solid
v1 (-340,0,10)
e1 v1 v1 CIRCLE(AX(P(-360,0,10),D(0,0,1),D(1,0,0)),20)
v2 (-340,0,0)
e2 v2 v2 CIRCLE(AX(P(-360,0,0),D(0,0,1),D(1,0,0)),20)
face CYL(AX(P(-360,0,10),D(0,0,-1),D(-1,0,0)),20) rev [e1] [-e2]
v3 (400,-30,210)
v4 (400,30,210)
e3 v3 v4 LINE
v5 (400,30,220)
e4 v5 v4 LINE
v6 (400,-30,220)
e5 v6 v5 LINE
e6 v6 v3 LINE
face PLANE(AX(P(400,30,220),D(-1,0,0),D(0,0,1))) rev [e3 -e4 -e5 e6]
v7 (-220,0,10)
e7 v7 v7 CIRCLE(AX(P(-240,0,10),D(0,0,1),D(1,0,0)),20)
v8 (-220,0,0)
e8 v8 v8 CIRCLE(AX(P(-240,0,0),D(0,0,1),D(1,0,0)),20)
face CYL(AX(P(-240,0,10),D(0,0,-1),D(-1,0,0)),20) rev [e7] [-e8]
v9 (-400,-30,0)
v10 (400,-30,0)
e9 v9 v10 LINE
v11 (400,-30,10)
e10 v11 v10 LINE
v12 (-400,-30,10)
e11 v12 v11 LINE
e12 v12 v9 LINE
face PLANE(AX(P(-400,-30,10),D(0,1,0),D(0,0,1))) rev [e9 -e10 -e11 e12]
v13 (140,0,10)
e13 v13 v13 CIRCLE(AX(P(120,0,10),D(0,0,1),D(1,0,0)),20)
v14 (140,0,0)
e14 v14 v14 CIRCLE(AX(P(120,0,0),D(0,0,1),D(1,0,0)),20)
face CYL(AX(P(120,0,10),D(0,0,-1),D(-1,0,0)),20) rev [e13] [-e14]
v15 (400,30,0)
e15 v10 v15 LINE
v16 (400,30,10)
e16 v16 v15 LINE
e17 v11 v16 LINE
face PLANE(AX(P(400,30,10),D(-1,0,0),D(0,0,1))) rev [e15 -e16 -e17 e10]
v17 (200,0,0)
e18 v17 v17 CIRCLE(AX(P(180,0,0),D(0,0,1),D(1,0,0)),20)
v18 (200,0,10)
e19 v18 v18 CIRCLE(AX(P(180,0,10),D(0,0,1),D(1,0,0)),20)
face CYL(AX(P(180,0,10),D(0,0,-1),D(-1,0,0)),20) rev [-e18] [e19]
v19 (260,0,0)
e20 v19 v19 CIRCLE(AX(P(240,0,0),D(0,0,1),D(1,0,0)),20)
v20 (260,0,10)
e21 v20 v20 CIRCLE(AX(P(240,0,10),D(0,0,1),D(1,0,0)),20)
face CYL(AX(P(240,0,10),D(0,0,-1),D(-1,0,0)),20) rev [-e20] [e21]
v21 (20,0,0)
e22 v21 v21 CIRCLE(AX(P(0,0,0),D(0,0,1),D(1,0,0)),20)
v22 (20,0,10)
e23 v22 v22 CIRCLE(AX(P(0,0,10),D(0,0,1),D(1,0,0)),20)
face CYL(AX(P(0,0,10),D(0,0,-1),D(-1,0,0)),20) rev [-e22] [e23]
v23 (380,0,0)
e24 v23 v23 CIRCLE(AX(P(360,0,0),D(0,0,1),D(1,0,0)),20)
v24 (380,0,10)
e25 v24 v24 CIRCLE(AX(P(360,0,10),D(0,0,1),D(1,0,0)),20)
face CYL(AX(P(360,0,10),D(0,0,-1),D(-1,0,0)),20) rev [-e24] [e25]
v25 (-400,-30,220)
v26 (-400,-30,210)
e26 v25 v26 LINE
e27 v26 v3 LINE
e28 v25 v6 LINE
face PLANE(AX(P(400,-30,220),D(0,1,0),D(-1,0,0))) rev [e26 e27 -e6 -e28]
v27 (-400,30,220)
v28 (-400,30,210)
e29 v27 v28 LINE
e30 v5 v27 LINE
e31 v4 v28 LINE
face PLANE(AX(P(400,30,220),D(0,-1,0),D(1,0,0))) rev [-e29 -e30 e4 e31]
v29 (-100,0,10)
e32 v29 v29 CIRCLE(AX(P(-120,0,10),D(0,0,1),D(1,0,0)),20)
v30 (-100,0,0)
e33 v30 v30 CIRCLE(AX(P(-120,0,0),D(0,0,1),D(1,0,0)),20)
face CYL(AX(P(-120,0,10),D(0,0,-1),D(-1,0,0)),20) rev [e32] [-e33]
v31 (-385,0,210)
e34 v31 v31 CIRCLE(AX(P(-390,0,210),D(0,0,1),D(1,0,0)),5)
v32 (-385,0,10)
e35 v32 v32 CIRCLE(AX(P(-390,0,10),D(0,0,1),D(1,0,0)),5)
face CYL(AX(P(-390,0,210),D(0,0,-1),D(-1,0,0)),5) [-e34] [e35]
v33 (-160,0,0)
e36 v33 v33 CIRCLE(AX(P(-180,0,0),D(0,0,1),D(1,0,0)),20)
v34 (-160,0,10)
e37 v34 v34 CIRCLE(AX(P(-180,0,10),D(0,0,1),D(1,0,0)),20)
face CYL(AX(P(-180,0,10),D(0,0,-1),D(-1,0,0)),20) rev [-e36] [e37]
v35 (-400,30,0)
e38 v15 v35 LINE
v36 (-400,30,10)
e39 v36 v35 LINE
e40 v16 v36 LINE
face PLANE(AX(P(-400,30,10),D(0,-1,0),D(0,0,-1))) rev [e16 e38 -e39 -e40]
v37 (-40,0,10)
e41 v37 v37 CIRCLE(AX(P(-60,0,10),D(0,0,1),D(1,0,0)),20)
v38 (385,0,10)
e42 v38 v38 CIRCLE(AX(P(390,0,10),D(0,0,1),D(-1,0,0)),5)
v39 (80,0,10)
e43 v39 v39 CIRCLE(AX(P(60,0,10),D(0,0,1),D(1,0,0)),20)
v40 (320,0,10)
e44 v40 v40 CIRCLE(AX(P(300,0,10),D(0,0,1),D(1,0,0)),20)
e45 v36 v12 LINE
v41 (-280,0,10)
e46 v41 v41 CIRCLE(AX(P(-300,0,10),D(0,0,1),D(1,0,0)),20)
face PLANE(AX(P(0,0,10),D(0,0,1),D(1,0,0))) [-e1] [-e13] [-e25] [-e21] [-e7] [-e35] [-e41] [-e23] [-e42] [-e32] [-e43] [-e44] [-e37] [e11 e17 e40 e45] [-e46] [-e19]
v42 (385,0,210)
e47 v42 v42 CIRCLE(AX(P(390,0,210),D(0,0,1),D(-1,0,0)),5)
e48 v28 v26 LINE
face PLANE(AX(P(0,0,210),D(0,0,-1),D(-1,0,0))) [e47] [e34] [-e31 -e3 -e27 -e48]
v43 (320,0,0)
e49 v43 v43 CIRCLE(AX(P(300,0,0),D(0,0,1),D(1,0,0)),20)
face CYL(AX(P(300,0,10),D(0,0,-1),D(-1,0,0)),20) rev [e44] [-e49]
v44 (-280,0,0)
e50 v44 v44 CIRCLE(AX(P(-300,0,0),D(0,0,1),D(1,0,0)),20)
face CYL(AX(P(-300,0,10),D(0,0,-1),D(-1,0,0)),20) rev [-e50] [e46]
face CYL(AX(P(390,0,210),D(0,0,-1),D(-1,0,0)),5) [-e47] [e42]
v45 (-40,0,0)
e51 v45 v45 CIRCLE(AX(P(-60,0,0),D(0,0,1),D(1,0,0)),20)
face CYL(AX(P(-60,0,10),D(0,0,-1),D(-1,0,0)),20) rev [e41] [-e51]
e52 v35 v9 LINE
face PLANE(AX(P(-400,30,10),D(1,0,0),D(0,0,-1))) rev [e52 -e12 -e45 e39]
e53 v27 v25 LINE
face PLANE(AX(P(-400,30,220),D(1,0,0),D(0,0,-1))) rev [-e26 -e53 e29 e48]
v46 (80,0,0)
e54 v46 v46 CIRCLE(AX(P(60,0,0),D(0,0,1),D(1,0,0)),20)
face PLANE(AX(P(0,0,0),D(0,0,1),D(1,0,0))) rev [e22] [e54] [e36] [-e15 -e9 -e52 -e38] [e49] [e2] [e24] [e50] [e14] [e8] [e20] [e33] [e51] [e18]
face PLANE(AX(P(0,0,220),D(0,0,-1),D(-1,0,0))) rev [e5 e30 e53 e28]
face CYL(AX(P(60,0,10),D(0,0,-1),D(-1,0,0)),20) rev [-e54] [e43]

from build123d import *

# Parameters (mm, degrees)
SKETCH1_W                  = 800
SKETCH1_H                  = 60
BOSS_EXTRUDE1_DEPTH        = 10
SKETCH2_R                  = 20
CUT_EXTRUDE6_DEPTH         = 10
LPATTERN1_COUNT            = 7
LPATTERN1_PITCH            = 60
LPATTERN2_COPY_1_SKETCH_R  = 20
LPATTERN2_COPY_1_DEPTH     = 10
LPATTERN2_COPY_2_SKETCH_R  = 20
LPATTERN2_COPY_2_DEPTH     = 10
LPATTERN2_COPY_3_SKETCH_R  = 20
LPATTERN2_COPY_3_DEPTH     = 10
LPATTERN2_COPY_4_SKETCH_R  = 20
LPATTERN2_COPY_4_DEPTH     = 10
LPATTERN2_COPY_5_SKETCH_R  = 20
LPATTERN2_COPY_5_DEPTH     = 10
LPATTERN2_COPY_6_SKETCH_R  = 20
LPATTERN2_COPY_6_DEPTH     = 10
LPATTERN2_COPY_7_SKETCH_R  = 20
LPATTERN2_COPY_7_DEPTH     = 10
LPATTERN2_COPY_8_SKETCH_R  = 20
LPATTERN2_COPY_8_DEPTH     = 10
LPATTERN2_COPY_9_SKETCH_R  = 20
LPATTERN2_COPY_9_DEPTH     = 10
LPATTERN2_COPY_10_SKETCH_R = 20
LPATTERN2_COPY_10_DEPTH    = 10
LPATTERN2_COPY_11_SKETCH_R = 20
LPATTERN2_COPY_11_DEPTH    = 10
LPATTERN2_COPY_12_SKETCH_R = 20
LPATTERN2_COPY_12_DEPTH    = 10
LPATTERN2_COPY_13_SKETCH_R = 20
LPATTERN2_COPY_13_DEPTH    = 10
LPATTERN2_COPY_14_SKETCH_R = 20
LPATTERN2_COPY_14_DEPTH    = 10
LPATTERN2_COPY_15_SKETCH_R = 20
LPATTERN2_COPY_15_DEPTH    = 10
LPATTERN2_COPY_16_SKETCH_R = 20
LPATTERN2_COPY_16_DEPTH    = 10
LPATTERN2_COPY_17_SKETCH_R = 20
LPATTERN2_COPY_17_DEPTH    = 10
LPATTERN2_COPY_18_SKETCH_R = 20
LPATTERN2_COPY_18_DEPTH    = 10
LPATTERN2_COPY_19_SKETCH_R = 20
LPATTERN2_COPY_19_DEPTH    = 10
LPATTERN2_COPY_20_SKETCH_R = 20
LPATTERN2_COPY_20_DEPTH    = 10
LPATTERN2_COPY_21_SKETCH_R = 20
LPATTERN2_COPY_21_DEPTH    = 10
LPATTERN2_COPY_22_SKETCH_R = 20
LPATTERN2_COPY_22_DEPTH    = 10
LPATTERN2_COPY_23_SKETCH_R = 20
LPATTERN2_COPY_23_DEPTH    = 10
LPATTERN2_COPY_24_SKETCH_R = 20
LPATTERN2_COPY_24_DEPTH    = 10
LPATTERN2_COPY_25_SKETCH_R = 20
LPATTERN2_COPY_25_DEPTH    = 10
LPATTERN2_COPY_26_SKETCH_R = 20
LPATTERN2_COPY_26_DEPTH    = 10
LPATTERN2_COPY_27_SKETCH_R = 20
LPATTERN2_COPY_27_DEPTH    = 10
LPATTERN2_COPY_28_SKETCH_R = 20
LPATTERN2_COPY_28_DEPTH    = 10
LPATTERN2_COPY_29_SKETCH_R = 20
LPATTERN2_COPY_29_DEPTH    = 10
LPATTERN2_COPY_30_SKETCH_R = 20
LPATTERN2_COPY_30_DEPTH    = 10
LPATTERN2_COPY_31_SKETCH_R = 20
LPATTERN2_COPY_31_DEPTH    = 10
LPATTERN2_COPY_32_SKETCH_R = 20
LPATTERN2_COPY_32_DEPTH    = 10
LPATTERN2_COPY_33_SKETCH_R = 20
LPATTERN2_COPY_33_DEPTH    = 10
LPATTERN2_COPY_34_SKETCH_R = 20
LPATTERN2_COPY_34_DEPTH    = 10
LPATTERN2_COPY_35_SKETCH_R = 20
LPATTERN2_COPY_35_DEPTH    = 10
LPATTERN2_COPY_36_SKETCH_R = 20
LPATTERN2_COPY_36_DEPTH    = 10
LPATTERN2_COPY_37_SKETCH_R = 20
LPATTERN2_COPY_37_DEPTH    = 10
LPATTERN2_COPY_38_SKETCH_R = 20
LPATTERN2_COPY_38_DEPTH    = 10
LPATTERN2_COPY_39_SKETCH_R = 20
LPATTERN2_COPY_39_DEPTH    = 10
LPATTERN2_COPY_40_SKETCH_R = 20
LPATTERN2_COPY_40_DEPTH    = 10
LPATTERN2_COPY_41_SKETCH_R = 20
LPATTERN2_COPY_41_DEPTH    = 10
LPATTERN2_COPY_42_SKETCH_R = 20
LPATTERN2_COPY_42_DEPTH    = 10
SKETCH3_R                  = 5
BOSS_EXTRUDE2_DEPTH        = 200
SKETCH4_W                  = 800
SKETCH4_H                  = 60
BOSS_EXTRUDE3_DEPTH        = 10


with BuildPart() as part:
    # Sketch1 → Boss-Extrude1 (new body)
    with BuildSketch(Plane.XY):
        Rectangle(SKETCH1_W, SKETCH1_H)
    extrude(amount=BOSS_EXTRUDE1_DEPTH)

    # Sketch2 → Cut-Extrude6 (cut)
    with BuildSketch(Plane.XY):
        Circle(SKETCH2_R)
    cut_extrude6 = extrude(amount=CUT_EXTRUDE6_DEPTH, mode=Mode.SUBTRACT)

    # LPattern1: Cut-Extrude6 ×7
    with Locations(*[(i * LPATTERN1_PITCH, 0, 0) for i in range(1, LPATTERN1_COUNT)]):
        add(cut_extrude6, mode=Mode.SUBTRACT)

    # LPattern2 copy 1 sketch → LPattern2 copy 1 (cut)
    with BuildSketch(Plane.XY):
        Circle(LPATTERN2_COPY_1_SKETCH_R)
    extrude(amount=LPATTERN2_COPY_1_DEPTH, mode=Mode.SUBTRACT)

    # LPattern2 copy 2 sketch → LPattern2 copy 2 (cut)
    with BuildSketch(Plane(origin=(-60, 0, 0), x_dir=(1, 0, 0), z_dir=(0, 0, 1))):
        Circle(LPATTERN2_COPY_2_SKETCH_R)
    extrude(amount=LPATTERN2_COPY_2_DEPTH, mode=Mode.SUBTRACT)

    # LPattern2 copy 3 sketch → LPattern2 copy 3 (cut)
    with BuildSketch(Plane(origin=(-120, 0, 0), x_dir=(1, 0, 0), z_dir=(0, 0, 1))):
        Circle(LPATTERN2_COPY_3_SKETCH_R)
    extrude(amount=LPATTERN2_COPY_3_DEPTH, mode=Mode.SUBTRACT)

    # LPattern2 copy 4 sketch → LPattern2 copy 4 (cut)
    with BuildSketch(Plane(origin=(-180, 0, 0), x_dir=(1, 0, 0), z_dir=(0, 0, 1))):
        Circle(LPATTERN2_COPY_4_SKETCH_R)
    extrude(amount=LPATTERN2_COPY_4_DEPTH, mode=Mode.SUBTRACT)

    # LPattern2 copy 5 sketch → LPattern2 copy 5 (cut)
    with BuildSketch(Plane(origin=(-240, 0, 0), x_dir=(1, 0, 0), z_dir=(0, 0, 1))):
        Circle(LPATTERN2_COPY_5_SKETCH_R)
    extrude(amount=LPATTERN2_COPY_5_DEPTH, mode=Mode.SUBTRACT)

    # LPattern2 copy 6 sketch → LPattern2 copy 6 (cut)
    with BuildSketch(Plane(origin=(-300, 0, 0), x_dir=(1, 0, 0), z_dir=(0, 0, 1))):
        Circle(LPATTERN2_COPY_6_SKETCH_R)
    extrude(amount=LPATTERN2_COPY_6_DEPTH, mode=Mode.SUBTRACT)

    # LPattern2 copy 7 sketch → LPattern2 copy 7 (cut)
    with BuildSketch(Plane(origin=(60, 0, 0), x_dir=(1, 0, 0), z_dir=(0, 0, 1))):
        Circle(LPATTERN2_COPY_7_SKETCH_R)
    extrude(amount=LPATTERN2_COPY_7_DEPTH, mode=Mode.SUBTRACT)

    # LPattern2 copy 8 sketch → LPattern2 copy 8 (cut)
    with BuildSketch(Plane.XY):
        Circle(LPATTERN2_COPY_8_SKETCH_R)
    extrude(amount=LPATTERN2_COPY_8_DEPTH, mode=Mode.SUBTRACT)

    # LPattern2 copy 9 sketch → LPattern2 copy 9 (cut)
    with BuildSketch(Plane(origin=(-60, 0, 0), x_dir=(1, 0, 0), z_dir=(0, 0, 1))):
        Circle(LPATTERN2_COPY_9_SKETCH_R)
    extrude(amount=LPATTERN2_COPY_9_DEPTH, mode=Mode.SUBTRACT)

    # LPattern2 copy 10 sketch → LPattern2 copy 10 (cut)
    with BuildSketch(Plane(origin=(-120, 0, 0), x_dir=(1, 0, 0), z_dir=(0, 0, 1))):
        Circle(LPATTERN2_COPY_10_SKETCH_R)
    extrude(amount=LPATTERN2_COPY_10_DEPTH, mode=Mode.SUBTRACT)

    # LPattern2 copy 11 sketch → LPattern2 copy 11 (cut)
    with BuildSketch(Plane(origin=(-180, 0, 0), x_dir=(1, 0, 0), z_dir=(0, 0, 1))):
        Circle(LPATTERN2_COPY_11_SKETCH_R)
    extrude(amount=LPATTERN2_COPY_11_DEPTH, mode=Mode.SUBTRACT)

    # LPattern2 copy 12 sketch → LPattern2 copy 12 (cut)
    with BuildSketch(Plane(origin=(-240, 0, 0), x_dir=(1, 0, 0), z_dir=(0, 0, 1))):
        Circle(LPATTERN2_COPY_12_SKETCH_R)
    extrude(amount=LPATTERN2_COPY_12_DEPTH, mode=Mode.SUBTRACT)

    # LPattern2 copy 13 sketch → LPattern2 copy 13 (cut)
    with BuildSketch(Plane(origin=(120, 0, 0), x_dir=(1, 0, 0), z_dir=(0, 0, 1))):
        Circle(LPATTERN2_COPY_13_SKETCH_R)
    extrude(amount=LPATTERN2_COPY_13_DEPTH, mode=Mode.SUBTRACT)

    # LPattern2 copy 14 sketch → LPattern2 copy 14 (cut)
    with BuildSketch(Plane(origin=(60, 0, 0), x_dir=(1, 0, 0), z_dir=(0, 0, 1))):
        Circle(LPATTERN2_COPY_14_SKETCH_R)
    extrude(amount=LPATTERN2_COPY_14_DEPTH, mode=Mode.SUBTRACT)

    # LPattern2 copy 15 sketch → LPattern2 copy 15 (cut)
    with BuildSketch(Plane.XY):
        Circle(LPATTERN2_COPY_15_SKETCH_R)
    extrude(amount=LPATTERN2_COPY_15_DEPTH, mode=Mode.SUBTRACT)

    # LPattern2 copy 16 sketch → LPattern2 copy 16 (cut)
    with BuildSketch(Plane(origin=(-60, 0, 0), x_dir=(1, 0, 0), z_dir=(0, 0, 1))):
        Circle(LPATTERN2_COPY_16_SKETCH_R)
    extrude(amount=LPATTERN2_COPY_16_DEPTH, mode=Mode.SUBTRACT)

    # LPattern2 copy 17 sketch → LPattern2 copy 17 (cut)
    with BuildSketch(Plane(origin=(-120, 0, 0), x_dir=(1, 0, 0), z_dir=(0, 0, 1))):
        Circle(LPATTERN2_COPY_17_SKETCH_R)
    extrude(amount=LPATTERN2_COPY_17_DEPTH, mode=Mode.SUBTRACT)

    # LPattern2 copy 18 sketch → LPattern2 copy 18 (cut)
    with BuildSketch(Plane(origin=(-180, 0, 0), x_dir=(1, 0, 0), z_dir=(0, 0, 1))):
        Circle(LPATTERN2_COPY_18_SKETCH_R)
    extrude(amount=LPATTERN2_COPY_18_DEPTH, mode=Mode.SUBTRACT)

    # LPattern2 copy 19 sketch → LPattern2 copy 19 (cut)
    with BuildSketch(Plane(origin=(180, 0, 0), x_dir=(1, 0, 0), z_dir=(0, 0, 1))):
        Circle(LPATTERN2_COPY_19_SKETCH_R)
    extrude(amount=LPATTERN2_COPY_19_DEPTH, mode=Mode.SUBTRACT)

    # LPattern2 copy 20 sketch → LPattern2 copy 20 (cut)
    with BuildSketch(Plane(origin=(120, 0, 0), x_dir=(1, 0, 0), z_dir=(0, 0, 1))):
        Circle(LPATTERN2_COPY_20_SKETCH_R)
    extrude(amount=LPATTERN2_COPY_20_DEPTH, mode=Mode.SUBTRACT)

    # LPattern2 copy 21 sketch → LPattern2 copy 21 (cut)
    with BuildSketch(Plane(origin=(60, 0, 0), x_dir=(1, 0, 0), z_dir=(0, 0, 1))):
        Circle(LPATTERN2_COPY_21_SKETCH_R)
    extrude(amount=LPATTERN2_COPY_21_DEPTH, mode=Mode.SUBTRACT)

    # LPattern2 copy 22 sketch → LPattern2 copy 22 (cut)
    with BuildSketch(Plane.XY):
        Circle(LPATTERN2_COPY_22_SKETCH_R)
    extrude(amount=LPATTERN2_COPY_22_DEPTH, mode=Mode.SUBTRACT)

    # LPattern2 copy 23 sketch → LPattern2 copy 23 (cut)
    with BuildSketch(Plane(origin=(-60, 0, 0), x_dir=(1, 0, 0), z_dir=(0, 0, 1))):
        Circle(LPATTERN2_COPY_23_SKETCH_R)
    extrude(amount=LPATTERN2_COPY_23_DEPTH, mode=Mode.SUBTRACT)

    # LPattern2 copy 24 sketch → LPattern2 copy 24 (cut)
    with BuildSketch(Plane(origin=(-120, 0, 0), x_dir=(1, 0, 0), z_dir=(0, 0, 1))):
        Circle(LPATTERN2_COPY_24_SKETCH_R)
    extrude(amount=LPATTERN2_COPY_24_DEPTH, mode=Mode.SUBTRACT)

    # LPattern2 copy 25 sketch → LPattern2 copy 25 (cut)
    with BuildSketch(Plane(origin=(240, 0, 0), x_dir=(1, 0, 0), z_dir=(0, 0, 1))):
        Circle(LPATTERN2_COPY_25_SKETCH_R)
    extrude(amount=LPATTERN2_COPY_25_DEPTH, mode=Mode.SUBTRACT)

    # LPattern2 copy 26 sketch → LPattern2 copy 26 (cut)
    with BuildSketch(Plane(origin=(180, 0, 0), x_dir=(1, 0, 0), z_dir=(0, 0, 1))):
        Circle(LPATTERN2_COPY_26_SKETCH_R)
    extrude(amount=LPATTERN2_COPY_26_DEPTH, mode=Mode.SUBTRACT)

    # LPattern2 copy 27 sketch → LPattern2 copy 27 (cut)
    with BuildSketch(Plane(origin=(120, 0, 0), x_dir=(1, 0, 0), z_dir=(0, 0, 1))):
        Circle(LPATTERN2_COPY_27_SKETCH_R)
    extrude(amount=LPATTERN2_COPY_27_DEPTH, mode=Mode.SUBTRACT)

    # LPattern2 copy 28 sketch → LPattern2 copy 28 (cut)
    with BuildSketch(Plane(origin=(60, 0, 0), x_dir=(1, 0, 0), z_dir=(0, 0, 1))):
        Circle(LPATTERN2_COPY_28_SKETCH_R)
    extrude(amount=LPATTERN2_COPY_28_DEPTH, mode=Mode.SUBTRACT)

    # LPattern2 copy 29 sketch → LPattern2 copy 29 (cut)
    with BuildSketch(Plane.XY):
        Circle(LPATTERN2_COPY_29_SKETCH_R)
    extrude(amount=LPATTERN2_COPY_29_DEPTH, mode=Mode.SUBTRACT)

    # LPattern2 copy 30 sketch → LPattern2 copy 30 (cut)
    with BuildSketch(Plane(origin=(-60, 0, 0), x_dir=(1, 0, 0), z_dir=(0, 0, 1))):
        Circle(LPATTERN2_COPY_30_SKETCH_R)
    extrude(amount=LPATTERN2_COPY_30_DEPTH, mode=Mode.SUBTRACT)

    # LPattern2 copy 31 sketch → LPattern2 copy 31 (cut)
    with BuildSketch(Plane(origin=(300, 0, 0), x_dir=(1, 0, 0), z_dir=(0, 0, 1))):
        Circle(LPATTERN2_COPY_31_SKETCH_R)
    extrude(amount=LPATTERN2_COPY_31_DEPTH, mode=Mode.SUBTRACT)

    # LPattern2 copy 32 sketch → LPattern2 copy 32 (cut)
    with BuildSketch(Plane(origin=(240, 0, 0), x_dir=(1, 0, 0), z_dir=(0, 0, 1))):
        Circle(LPATTERN2_COPY_32_SKETCH_R)
    extrude(amount=LPATTERN2_COPY_32_DEPTH, mode=Mode.SUBTRACT)

    # LPattern2 copy 33 sketch → LPattern2 copy 33 (cut)
    with BuildSketch(Plane(origin=(180, 0, 0), x_dir=(1, 0, 0), z_dir=(0, 0, 1))):
        Circle(LPATTERN2_COPY_33_SKETCH_R)
    extrude(amount=LPATTERN2_COPY_33_DEPTH, mode=Mode.SUBTRACT)

    # LPattern2 copy 34 sketch → LPattern2 copy 34 (cut)
    with BuildSketch(Plane(origin=(120, 0, 0), x_dir=(1, 0, 0), z_dir=(0, 0, 1))):
        Circle(LPATTERN2_COPY_34_SKETCH_R)
    extrude(amount=LPATTERN2_COPY_34_DEPTH, mode=Mode.SUBTRACT)

    # LPattern2 copy 35 sketch → LPattern2 copy 35 (cut)
    with BuildSketch(Plane(origin=(60, 0, 0), x_dir=(1, 0, 0), z_dir=(0, 0, 1))):
        Circle(LPATTERN2_COPY_35_SKETCH_R)
    extrude(amount=LPATTERN2_COPY_35_DEPTH, mode=Mode.SUBTRACT)

    # LPattern2 copy 36 sketch → LPattern2 copy 36 (cut)
    with BuildSketch(Plane.XY):
        Circle(LPATTERN2_COPY_36_SKETCH_R)
    extrude(amount=LPATTERN2_COPY_36_DEPTH, mode=Mode.SUBTRACT)

    # LPattern2 copy 37 sketch → LPattern2 copy 37 (cut)
    with BuildSketch(Plane(origin=(-60, 0, 0), x_dir=(1, 0, 0), z_dir=(0, 0, 1))):
        Circle(LPATTERN2_COPY_37_SKETCH_R)
    extrude(amount=LPATTERN2_COPY_37_DEPTH, mode=Mode.SUBTRACT)

    # LPattern2 copy 38 sketch → LPattern2 copy 38 (cut)
    with BuildSketch(Plane(origin=(-120, 0, 0), x_dir=(1, 0, 0), z_dir=(0, 0, 1))):
        Circle(LPATTERN2_COPY_38_SKETCH_R)
    extrude(amount=LPATTERN2_COPY_38_DEPTH, mode=Mode.SUBTRACT)

    # LPattern2 copy 39 sketch → LPattern2 copy 39 (cut)
    with BuildSketch(Plane(origin=(-180, 0, 0), x_dir=(1, 0, 0), z_dir=(0, 0, 1))):
        Circle(LPATTERN2_COPY_39_SKETCH_R)
    extrude(amount=LPATTERN2_COPY_39_DEPTH, mode=Mode.SUBTRACT)

    # LPattern2 copy 40 sketch → LPattern2 copy 40 (cut)
    with BuildSketch(Plane(origin=(-240, 0, 0), x_dir=(1, 0, 0), z_dir=(0, 0, 1))):
        Circle(LPATTERN2_COPY_40_SKETCH_R)
    extrude(amount=LPATTERN2_COPY_40_DEPTH, mode=Mode.SUBTRACT)

    # LPattern2 copy 41 sketch → LPattern2 copy 41 (cut)
    with BuildSketch(Plane(origin=(-300, 0, 0), x_dir=(1, 0, 0), z_dir=(0, 0, 1))):
        Circle(LPATTERN2_COPY_41_SKETCH_R)
    extrude(amount=LPATTERN2_COPY_41_DEPTH, mode=Mode.SUBTRACT)

    # LPattern2 copy 42 sketch → LPattern2 copy 42 (cut)
    with BuildSketch(Plane(origin=(-360, 0, 0), x_dir=(1, 0, 0), z_dir=(0, 0, 1))):
        Circle(LPATTERN2_COPY_42_SKETCH_R)
    extrude(amount=LPATTERN2_COPY_42_DEPTH, mode=Mode.SUBTRACT)

    # Sketch3 → Boss-Extrude2 (add)
    with BuildSketch(Plane.XY.offset(10)):
        with Locations((-390, 0)):
            Circle(SKETCH3_R)
        with Locations((390, 0)):
            Circle(SKETCH3_R)
    extrude(amount=BOSS_EXTRUDE2_DEPTH)

    # Sketch4 → Boss-Extrude3 (add)
    with BuildSketch(Plane.XY.offset(210)):
        Rectangle(SKETCH4_W, SKETCH4_H)
    extrude(amount=BOSS_EXTRUDE3_DEPTH)


solid = part.part
